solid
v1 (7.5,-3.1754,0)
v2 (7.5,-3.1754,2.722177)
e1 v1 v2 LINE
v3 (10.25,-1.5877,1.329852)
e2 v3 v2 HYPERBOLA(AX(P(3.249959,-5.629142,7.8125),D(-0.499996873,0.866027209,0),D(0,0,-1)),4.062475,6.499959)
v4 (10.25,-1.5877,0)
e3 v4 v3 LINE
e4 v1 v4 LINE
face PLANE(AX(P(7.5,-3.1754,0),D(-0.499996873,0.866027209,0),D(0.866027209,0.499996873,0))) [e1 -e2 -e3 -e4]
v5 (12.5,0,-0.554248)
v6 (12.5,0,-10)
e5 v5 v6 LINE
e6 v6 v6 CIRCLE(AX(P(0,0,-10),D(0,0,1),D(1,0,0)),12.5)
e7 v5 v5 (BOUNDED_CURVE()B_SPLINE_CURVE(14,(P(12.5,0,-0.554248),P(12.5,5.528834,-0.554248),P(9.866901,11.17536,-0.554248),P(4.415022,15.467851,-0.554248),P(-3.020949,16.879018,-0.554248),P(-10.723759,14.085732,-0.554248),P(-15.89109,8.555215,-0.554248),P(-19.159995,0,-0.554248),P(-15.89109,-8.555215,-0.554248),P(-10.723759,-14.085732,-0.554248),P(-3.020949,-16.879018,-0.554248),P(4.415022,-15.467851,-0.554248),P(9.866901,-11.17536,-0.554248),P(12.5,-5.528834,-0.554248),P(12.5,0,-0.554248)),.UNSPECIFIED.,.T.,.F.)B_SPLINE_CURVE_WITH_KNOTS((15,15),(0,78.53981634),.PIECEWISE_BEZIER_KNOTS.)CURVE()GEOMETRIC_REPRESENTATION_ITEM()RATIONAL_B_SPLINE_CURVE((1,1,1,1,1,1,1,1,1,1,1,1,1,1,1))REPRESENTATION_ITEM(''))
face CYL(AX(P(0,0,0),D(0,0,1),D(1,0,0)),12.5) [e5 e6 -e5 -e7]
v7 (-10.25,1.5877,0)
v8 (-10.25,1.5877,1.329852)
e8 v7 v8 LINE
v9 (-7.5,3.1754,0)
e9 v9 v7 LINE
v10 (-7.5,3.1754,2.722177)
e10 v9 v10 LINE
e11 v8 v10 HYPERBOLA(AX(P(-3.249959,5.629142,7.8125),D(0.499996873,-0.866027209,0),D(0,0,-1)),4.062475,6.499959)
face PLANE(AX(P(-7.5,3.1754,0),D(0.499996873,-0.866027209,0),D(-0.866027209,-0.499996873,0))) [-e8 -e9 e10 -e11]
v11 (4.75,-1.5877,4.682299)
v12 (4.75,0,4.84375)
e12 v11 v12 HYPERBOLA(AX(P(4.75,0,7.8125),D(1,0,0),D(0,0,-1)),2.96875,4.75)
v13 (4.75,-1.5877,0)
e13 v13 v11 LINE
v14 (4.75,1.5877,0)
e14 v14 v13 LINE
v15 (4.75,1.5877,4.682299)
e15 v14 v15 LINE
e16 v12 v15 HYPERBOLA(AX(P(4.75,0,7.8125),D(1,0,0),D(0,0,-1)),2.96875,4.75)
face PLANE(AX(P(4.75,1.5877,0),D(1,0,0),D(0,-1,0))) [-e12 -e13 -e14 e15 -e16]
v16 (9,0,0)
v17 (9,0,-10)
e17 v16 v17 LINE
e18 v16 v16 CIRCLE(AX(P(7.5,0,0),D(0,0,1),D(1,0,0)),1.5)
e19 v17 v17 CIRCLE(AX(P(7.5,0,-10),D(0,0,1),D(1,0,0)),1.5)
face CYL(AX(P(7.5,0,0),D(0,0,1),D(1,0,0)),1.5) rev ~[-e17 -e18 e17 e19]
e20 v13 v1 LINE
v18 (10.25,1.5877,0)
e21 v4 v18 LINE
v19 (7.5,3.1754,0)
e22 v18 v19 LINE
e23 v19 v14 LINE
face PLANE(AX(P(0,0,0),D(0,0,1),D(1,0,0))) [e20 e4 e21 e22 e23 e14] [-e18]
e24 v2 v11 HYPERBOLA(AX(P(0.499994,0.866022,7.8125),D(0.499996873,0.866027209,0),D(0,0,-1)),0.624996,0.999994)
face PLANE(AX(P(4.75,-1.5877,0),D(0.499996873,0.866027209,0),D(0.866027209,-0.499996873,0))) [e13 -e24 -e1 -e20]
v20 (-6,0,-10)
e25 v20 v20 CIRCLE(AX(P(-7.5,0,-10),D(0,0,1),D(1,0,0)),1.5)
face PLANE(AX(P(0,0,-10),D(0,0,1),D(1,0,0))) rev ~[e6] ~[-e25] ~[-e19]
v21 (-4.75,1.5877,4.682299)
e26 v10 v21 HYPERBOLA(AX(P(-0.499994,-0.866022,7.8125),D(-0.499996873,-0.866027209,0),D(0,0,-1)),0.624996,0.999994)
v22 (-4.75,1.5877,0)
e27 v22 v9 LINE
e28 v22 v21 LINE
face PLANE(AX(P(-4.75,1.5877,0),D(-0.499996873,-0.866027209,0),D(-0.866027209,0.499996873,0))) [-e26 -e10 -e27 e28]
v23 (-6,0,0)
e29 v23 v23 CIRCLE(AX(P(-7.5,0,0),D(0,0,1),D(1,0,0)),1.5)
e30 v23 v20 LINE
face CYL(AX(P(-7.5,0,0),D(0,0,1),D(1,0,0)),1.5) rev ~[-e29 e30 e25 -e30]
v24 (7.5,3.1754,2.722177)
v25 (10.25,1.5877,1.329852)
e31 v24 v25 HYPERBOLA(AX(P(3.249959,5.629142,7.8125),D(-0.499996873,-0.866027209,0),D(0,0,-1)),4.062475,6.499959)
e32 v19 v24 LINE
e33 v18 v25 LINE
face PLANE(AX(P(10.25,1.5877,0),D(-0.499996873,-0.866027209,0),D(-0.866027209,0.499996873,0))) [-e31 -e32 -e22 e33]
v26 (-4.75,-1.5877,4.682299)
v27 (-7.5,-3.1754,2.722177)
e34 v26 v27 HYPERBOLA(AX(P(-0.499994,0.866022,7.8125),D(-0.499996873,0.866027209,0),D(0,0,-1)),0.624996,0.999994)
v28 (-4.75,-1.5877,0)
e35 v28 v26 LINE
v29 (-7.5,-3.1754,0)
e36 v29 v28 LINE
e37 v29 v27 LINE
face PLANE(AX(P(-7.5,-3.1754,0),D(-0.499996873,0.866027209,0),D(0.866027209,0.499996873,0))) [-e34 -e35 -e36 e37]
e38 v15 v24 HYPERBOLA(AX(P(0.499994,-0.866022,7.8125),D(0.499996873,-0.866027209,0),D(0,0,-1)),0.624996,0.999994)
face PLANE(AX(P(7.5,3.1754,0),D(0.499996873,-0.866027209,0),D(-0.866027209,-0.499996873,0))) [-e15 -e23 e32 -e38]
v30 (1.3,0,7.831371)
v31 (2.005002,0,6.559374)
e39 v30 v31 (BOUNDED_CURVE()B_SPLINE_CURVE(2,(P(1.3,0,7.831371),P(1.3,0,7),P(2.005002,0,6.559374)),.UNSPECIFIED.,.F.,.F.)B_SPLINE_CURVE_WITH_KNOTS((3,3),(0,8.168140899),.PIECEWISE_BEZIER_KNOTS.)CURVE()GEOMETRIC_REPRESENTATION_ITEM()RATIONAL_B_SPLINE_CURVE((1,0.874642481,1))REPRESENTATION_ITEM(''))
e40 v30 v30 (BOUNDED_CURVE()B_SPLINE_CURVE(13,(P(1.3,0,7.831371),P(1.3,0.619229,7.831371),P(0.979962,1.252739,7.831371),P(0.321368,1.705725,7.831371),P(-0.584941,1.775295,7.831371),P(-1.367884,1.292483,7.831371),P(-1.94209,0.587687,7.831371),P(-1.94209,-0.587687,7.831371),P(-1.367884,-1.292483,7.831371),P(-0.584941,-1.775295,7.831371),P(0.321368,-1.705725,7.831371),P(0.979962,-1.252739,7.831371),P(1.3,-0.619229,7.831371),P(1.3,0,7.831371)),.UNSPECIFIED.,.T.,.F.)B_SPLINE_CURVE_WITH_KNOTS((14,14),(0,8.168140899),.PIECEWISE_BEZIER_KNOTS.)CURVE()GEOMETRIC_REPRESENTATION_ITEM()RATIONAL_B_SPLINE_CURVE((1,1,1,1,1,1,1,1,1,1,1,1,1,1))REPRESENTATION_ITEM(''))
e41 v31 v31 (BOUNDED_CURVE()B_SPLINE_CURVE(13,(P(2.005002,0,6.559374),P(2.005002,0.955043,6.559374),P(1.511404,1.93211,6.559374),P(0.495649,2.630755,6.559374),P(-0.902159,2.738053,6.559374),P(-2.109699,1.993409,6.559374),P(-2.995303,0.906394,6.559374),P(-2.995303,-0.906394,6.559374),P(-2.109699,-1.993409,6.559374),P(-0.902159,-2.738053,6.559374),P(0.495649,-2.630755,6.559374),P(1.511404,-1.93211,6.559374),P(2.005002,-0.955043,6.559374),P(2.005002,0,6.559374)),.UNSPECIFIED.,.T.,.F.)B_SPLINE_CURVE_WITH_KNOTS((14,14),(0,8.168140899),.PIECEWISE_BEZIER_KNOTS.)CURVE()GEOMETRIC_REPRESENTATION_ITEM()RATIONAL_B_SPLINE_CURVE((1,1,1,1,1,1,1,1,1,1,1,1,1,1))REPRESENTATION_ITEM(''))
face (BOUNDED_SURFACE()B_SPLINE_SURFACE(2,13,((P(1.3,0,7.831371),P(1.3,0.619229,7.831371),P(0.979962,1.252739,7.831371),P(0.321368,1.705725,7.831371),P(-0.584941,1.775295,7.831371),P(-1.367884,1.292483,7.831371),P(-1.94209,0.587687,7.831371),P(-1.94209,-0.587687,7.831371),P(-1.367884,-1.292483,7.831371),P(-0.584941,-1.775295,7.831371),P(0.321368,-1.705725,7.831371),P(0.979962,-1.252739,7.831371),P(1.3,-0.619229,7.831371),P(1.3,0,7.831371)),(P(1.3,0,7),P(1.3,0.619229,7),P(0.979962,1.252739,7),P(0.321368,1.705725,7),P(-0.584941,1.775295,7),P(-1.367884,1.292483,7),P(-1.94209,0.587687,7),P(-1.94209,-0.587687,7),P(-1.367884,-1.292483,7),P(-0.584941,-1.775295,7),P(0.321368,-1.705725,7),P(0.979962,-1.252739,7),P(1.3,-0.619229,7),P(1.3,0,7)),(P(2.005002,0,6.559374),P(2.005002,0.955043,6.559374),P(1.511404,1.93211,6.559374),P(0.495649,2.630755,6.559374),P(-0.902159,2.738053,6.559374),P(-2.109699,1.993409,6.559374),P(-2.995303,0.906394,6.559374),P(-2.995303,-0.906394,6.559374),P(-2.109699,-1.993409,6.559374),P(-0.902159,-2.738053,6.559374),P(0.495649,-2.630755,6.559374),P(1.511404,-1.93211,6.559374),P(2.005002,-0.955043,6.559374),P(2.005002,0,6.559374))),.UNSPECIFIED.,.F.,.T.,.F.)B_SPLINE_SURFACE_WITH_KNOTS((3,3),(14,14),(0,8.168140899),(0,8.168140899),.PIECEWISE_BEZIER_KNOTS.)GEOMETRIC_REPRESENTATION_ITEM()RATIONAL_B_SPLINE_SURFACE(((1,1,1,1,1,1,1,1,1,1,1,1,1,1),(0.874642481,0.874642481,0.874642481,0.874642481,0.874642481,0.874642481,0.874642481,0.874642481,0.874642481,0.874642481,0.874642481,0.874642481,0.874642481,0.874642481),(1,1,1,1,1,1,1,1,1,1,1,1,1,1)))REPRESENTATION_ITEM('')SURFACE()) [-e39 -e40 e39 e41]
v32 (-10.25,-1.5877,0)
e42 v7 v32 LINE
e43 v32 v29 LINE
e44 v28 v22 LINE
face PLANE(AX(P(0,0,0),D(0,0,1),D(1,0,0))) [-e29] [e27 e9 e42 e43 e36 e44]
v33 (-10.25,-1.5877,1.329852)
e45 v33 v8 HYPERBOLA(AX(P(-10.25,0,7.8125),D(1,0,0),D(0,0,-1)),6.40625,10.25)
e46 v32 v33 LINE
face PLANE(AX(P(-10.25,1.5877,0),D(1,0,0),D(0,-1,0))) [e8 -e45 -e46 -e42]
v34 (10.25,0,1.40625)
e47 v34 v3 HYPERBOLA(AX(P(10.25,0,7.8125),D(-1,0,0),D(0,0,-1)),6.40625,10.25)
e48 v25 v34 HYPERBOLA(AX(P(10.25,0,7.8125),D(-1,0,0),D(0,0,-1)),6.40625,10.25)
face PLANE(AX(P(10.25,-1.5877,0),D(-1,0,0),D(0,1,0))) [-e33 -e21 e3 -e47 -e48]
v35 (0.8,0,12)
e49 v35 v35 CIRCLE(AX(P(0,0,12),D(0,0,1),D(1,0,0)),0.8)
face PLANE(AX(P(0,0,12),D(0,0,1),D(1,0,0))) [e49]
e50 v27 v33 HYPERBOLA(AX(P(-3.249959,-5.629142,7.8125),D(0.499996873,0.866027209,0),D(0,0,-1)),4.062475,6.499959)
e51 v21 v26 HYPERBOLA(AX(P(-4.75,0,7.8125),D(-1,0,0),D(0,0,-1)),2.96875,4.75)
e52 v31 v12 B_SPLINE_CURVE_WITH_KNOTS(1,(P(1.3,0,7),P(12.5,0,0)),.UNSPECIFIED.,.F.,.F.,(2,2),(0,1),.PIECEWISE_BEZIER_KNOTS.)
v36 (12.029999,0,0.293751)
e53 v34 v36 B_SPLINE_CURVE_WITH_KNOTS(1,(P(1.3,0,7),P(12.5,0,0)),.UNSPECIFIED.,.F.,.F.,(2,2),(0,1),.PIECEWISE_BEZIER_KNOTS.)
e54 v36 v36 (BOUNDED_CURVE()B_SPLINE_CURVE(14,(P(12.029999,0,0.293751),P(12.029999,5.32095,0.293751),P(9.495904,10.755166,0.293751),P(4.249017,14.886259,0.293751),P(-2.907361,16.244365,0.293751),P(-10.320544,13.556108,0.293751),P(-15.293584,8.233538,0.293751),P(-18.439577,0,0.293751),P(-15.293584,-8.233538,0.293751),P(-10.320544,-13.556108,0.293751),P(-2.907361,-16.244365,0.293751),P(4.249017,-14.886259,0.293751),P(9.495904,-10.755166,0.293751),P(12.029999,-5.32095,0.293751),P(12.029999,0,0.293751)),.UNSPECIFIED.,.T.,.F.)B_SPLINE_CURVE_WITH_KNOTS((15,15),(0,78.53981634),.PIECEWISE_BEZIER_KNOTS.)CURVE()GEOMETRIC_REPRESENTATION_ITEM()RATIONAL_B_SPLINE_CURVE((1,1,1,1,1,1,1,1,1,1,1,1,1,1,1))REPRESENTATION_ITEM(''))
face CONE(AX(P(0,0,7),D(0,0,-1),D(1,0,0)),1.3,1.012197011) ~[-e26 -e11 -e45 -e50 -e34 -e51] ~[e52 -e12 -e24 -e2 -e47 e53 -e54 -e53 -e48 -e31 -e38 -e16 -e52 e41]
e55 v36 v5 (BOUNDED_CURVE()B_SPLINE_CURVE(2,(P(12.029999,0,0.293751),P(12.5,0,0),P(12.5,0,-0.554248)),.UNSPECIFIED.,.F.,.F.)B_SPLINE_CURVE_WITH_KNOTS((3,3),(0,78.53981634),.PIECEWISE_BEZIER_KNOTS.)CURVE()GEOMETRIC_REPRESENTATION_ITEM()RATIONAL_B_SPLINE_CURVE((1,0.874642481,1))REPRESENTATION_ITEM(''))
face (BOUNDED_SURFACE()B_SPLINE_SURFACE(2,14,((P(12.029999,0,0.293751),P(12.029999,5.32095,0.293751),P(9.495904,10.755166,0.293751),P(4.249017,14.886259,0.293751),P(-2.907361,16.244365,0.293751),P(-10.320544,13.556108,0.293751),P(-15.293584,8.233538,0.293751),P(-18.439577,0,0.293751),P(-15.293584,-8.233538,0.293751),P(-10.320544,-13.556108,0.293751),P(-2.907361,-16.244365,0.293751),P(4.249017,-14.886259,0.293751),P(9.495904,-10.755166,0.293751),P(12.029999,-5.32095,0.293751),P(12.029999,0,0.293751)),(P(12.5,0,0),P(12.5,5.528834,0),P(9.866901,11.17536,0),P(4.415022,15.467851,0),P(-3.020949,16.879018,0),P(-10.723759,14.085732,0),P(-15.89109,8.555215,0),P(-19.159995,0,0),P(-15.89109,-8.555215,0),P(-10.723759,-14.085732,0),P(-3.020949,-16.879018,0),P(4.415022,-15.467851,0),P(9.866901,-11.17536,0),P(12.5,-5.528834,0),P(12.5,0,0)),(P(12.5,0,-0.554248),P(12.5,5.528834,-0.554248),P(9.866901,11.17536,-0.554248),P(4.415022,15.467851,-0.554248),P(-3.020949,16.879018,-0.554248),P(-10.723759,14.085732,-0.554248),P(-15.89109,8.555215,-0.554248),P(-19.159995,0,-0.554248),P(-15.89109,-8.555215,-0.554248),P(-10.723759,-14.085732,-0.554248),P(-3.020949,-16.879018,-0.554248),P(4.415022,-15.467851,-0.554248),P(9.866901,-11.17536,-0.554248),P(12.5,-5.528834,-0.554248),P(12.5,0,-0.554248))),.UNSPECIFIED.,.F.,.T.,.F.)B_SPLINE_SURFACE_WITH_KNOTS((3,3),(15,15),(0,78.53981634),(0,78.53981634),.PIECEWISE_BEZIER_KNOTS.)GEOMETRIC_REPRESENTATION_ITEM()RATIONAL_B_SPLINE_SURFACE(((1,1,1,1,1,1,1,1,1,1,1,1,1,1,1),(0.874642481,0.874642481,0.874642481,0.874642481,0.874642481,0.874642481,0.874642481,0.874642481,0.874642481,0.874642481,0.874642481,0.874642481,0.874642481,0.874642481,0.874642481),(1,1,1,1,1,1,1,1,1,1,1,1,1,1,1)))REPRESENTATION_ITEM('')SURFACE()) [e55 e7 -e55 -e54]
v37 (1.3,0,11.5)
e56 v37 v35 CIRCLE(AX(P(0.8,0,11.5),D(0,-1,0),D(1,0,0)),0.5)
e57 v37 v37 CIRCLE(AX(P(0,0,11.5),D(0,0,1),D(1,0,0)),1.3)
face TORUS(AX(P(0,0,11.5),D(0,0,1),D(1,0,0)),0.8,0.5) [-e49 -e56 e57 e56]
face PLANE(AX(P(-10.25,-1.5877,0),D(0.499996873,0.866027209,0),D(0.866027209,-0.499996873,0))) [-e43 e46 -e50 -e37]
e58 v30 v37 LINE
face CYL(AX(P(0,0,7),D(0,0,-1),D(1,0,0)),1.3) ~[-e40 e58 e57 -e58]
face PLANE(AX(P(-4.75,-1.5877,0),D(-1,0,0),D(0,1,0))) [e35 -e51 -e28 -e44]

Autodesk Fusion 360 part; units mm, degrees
sketch "Boceto1" plane through (0, 0, 0) normal (0, 0, 1) x (1, 0, 0)
  circle A0 centre (0, 0) radius 12.5
  line L0 (12.5, 0) -> (-12.5, 0) construction
  circle A1 centre (0, 0) radius 4 construction
  circle A2 centre (0, 0) radius 2 construction
  circle A3 centre (7.5, 0) radius 1.5
  circle A4 centre (-7.5, 0) radius 1.5
  line L1 (7.5, -3.1754) -> (10.25, -1.5877)
  line L2 (10.25, -1.5877) -> (10.25, 1.5877)
  line L3 (10.25, 1.5877) -> (7.5, 3.1754)
  line L4 (7.5, 3.1754) -> (4.75, 1.5877)
  line L5 (4.75, 1.5877) -> (4.75, -1.5877)
  line L6 (4.75, -1.5877) -> (7.5, -3.1754)
  line L7 (-7.5, -3.1754) -> (-4.75, -1.5877)
  line L8 (-4.75, -1.5877) -> (-4.75, 1.5877)
  line L9 (-4.75, 1.5877) -> (-7.5, 3.1754)
  line L10 (-7.5, 3.1754) -> (-10.25, 1.5877)
  line L11 (-10.25, 1.5877) -> (-10.25, -1.5877)
  line L12 (-10.25, -1.5877) -> (-7.5, -3.1754)
  point P0 (7.5, 0)
  point P1 (-7.5, 0)
  dimension "d1" = 25
  dimension "d9" = 8
  dimension "d10" = 4
  dimension "d11" = 3
  dimension "d12" = 3
  dimension "d13" = 2.75
  dimension "d14" = 2.75
  dimension "d29" = 7.5
  dimension "d30" = 7.5
extrude "Extruir1" add sketch "Boceto1" against normal blind 10 contours A0 | A3 | A4 | L1 L2 L3 L4 L5 L6 | L7 L8 L9 L10 L11 L12
ref_plane "PlanoDeObra1" through (0, 0, 7) normal (0, 0, 1) x (1, 0, 0)
sketch "Boceto2" plane through (0, 0, 7) normal (0, 0, 1) x (1, 0, 0)
  circle A0 centre (0, 0) radius 12.5
  circle A1 centre (0, 0) radius 1.3
  dimension "d5" = -11.2
loft "Solevación1" add profiles "Boceto2" section 1 contours A1 section 2 face at (-3.3879, -0.621, 0)
sketch "Boceto3" plane through (0, 0, 7) normal (0, 0, 1) x (-1, 0, 0)
  circle A0 centre (0, 0) radius 1.3
  circle A1 centre (0, 0) radius 2
  dimension "d6" = 4
sketch "Boceto4" plane through (0, 0, 7) normal (0, 0, 1) x (-1, 0, 0)
  circle A0 centre (0, 0) radius 1.3
extrude "Extruir5" cut sketch "Boceto1" along normal blind 14 contours L1 L2 L3 L4 L5 L6
extrude "Extruir6" cut sketch "Boceto1" along normal blind 29 contours A3
extrude "Extruir7" cut sketch "Boceto1" along normal mid plane 60 contours A3
extrude "Extruir8" cut sketch "Boceto1" along normal blind 25 contours L7 L8 L9 L10 L11 L12
extrude "Extruir9" cut sketch "Boceto1" along normal mid plane 52 contours A4
extrude "Extruir11" add 1 faces at (-0.3369, 0.5261, 7) along direction (0, 0, 1) blind 5
fillet "Empalme1" radius 1.5 1 edges at (-1.212, 0.4701, 7)
fillet "Empalme2" radius 0.5 1 edges at (-1.212, -0.4701, 12)
fillet "Empalme3" radius 1 1 edges at (-11.6541, -4.5202, 0)
